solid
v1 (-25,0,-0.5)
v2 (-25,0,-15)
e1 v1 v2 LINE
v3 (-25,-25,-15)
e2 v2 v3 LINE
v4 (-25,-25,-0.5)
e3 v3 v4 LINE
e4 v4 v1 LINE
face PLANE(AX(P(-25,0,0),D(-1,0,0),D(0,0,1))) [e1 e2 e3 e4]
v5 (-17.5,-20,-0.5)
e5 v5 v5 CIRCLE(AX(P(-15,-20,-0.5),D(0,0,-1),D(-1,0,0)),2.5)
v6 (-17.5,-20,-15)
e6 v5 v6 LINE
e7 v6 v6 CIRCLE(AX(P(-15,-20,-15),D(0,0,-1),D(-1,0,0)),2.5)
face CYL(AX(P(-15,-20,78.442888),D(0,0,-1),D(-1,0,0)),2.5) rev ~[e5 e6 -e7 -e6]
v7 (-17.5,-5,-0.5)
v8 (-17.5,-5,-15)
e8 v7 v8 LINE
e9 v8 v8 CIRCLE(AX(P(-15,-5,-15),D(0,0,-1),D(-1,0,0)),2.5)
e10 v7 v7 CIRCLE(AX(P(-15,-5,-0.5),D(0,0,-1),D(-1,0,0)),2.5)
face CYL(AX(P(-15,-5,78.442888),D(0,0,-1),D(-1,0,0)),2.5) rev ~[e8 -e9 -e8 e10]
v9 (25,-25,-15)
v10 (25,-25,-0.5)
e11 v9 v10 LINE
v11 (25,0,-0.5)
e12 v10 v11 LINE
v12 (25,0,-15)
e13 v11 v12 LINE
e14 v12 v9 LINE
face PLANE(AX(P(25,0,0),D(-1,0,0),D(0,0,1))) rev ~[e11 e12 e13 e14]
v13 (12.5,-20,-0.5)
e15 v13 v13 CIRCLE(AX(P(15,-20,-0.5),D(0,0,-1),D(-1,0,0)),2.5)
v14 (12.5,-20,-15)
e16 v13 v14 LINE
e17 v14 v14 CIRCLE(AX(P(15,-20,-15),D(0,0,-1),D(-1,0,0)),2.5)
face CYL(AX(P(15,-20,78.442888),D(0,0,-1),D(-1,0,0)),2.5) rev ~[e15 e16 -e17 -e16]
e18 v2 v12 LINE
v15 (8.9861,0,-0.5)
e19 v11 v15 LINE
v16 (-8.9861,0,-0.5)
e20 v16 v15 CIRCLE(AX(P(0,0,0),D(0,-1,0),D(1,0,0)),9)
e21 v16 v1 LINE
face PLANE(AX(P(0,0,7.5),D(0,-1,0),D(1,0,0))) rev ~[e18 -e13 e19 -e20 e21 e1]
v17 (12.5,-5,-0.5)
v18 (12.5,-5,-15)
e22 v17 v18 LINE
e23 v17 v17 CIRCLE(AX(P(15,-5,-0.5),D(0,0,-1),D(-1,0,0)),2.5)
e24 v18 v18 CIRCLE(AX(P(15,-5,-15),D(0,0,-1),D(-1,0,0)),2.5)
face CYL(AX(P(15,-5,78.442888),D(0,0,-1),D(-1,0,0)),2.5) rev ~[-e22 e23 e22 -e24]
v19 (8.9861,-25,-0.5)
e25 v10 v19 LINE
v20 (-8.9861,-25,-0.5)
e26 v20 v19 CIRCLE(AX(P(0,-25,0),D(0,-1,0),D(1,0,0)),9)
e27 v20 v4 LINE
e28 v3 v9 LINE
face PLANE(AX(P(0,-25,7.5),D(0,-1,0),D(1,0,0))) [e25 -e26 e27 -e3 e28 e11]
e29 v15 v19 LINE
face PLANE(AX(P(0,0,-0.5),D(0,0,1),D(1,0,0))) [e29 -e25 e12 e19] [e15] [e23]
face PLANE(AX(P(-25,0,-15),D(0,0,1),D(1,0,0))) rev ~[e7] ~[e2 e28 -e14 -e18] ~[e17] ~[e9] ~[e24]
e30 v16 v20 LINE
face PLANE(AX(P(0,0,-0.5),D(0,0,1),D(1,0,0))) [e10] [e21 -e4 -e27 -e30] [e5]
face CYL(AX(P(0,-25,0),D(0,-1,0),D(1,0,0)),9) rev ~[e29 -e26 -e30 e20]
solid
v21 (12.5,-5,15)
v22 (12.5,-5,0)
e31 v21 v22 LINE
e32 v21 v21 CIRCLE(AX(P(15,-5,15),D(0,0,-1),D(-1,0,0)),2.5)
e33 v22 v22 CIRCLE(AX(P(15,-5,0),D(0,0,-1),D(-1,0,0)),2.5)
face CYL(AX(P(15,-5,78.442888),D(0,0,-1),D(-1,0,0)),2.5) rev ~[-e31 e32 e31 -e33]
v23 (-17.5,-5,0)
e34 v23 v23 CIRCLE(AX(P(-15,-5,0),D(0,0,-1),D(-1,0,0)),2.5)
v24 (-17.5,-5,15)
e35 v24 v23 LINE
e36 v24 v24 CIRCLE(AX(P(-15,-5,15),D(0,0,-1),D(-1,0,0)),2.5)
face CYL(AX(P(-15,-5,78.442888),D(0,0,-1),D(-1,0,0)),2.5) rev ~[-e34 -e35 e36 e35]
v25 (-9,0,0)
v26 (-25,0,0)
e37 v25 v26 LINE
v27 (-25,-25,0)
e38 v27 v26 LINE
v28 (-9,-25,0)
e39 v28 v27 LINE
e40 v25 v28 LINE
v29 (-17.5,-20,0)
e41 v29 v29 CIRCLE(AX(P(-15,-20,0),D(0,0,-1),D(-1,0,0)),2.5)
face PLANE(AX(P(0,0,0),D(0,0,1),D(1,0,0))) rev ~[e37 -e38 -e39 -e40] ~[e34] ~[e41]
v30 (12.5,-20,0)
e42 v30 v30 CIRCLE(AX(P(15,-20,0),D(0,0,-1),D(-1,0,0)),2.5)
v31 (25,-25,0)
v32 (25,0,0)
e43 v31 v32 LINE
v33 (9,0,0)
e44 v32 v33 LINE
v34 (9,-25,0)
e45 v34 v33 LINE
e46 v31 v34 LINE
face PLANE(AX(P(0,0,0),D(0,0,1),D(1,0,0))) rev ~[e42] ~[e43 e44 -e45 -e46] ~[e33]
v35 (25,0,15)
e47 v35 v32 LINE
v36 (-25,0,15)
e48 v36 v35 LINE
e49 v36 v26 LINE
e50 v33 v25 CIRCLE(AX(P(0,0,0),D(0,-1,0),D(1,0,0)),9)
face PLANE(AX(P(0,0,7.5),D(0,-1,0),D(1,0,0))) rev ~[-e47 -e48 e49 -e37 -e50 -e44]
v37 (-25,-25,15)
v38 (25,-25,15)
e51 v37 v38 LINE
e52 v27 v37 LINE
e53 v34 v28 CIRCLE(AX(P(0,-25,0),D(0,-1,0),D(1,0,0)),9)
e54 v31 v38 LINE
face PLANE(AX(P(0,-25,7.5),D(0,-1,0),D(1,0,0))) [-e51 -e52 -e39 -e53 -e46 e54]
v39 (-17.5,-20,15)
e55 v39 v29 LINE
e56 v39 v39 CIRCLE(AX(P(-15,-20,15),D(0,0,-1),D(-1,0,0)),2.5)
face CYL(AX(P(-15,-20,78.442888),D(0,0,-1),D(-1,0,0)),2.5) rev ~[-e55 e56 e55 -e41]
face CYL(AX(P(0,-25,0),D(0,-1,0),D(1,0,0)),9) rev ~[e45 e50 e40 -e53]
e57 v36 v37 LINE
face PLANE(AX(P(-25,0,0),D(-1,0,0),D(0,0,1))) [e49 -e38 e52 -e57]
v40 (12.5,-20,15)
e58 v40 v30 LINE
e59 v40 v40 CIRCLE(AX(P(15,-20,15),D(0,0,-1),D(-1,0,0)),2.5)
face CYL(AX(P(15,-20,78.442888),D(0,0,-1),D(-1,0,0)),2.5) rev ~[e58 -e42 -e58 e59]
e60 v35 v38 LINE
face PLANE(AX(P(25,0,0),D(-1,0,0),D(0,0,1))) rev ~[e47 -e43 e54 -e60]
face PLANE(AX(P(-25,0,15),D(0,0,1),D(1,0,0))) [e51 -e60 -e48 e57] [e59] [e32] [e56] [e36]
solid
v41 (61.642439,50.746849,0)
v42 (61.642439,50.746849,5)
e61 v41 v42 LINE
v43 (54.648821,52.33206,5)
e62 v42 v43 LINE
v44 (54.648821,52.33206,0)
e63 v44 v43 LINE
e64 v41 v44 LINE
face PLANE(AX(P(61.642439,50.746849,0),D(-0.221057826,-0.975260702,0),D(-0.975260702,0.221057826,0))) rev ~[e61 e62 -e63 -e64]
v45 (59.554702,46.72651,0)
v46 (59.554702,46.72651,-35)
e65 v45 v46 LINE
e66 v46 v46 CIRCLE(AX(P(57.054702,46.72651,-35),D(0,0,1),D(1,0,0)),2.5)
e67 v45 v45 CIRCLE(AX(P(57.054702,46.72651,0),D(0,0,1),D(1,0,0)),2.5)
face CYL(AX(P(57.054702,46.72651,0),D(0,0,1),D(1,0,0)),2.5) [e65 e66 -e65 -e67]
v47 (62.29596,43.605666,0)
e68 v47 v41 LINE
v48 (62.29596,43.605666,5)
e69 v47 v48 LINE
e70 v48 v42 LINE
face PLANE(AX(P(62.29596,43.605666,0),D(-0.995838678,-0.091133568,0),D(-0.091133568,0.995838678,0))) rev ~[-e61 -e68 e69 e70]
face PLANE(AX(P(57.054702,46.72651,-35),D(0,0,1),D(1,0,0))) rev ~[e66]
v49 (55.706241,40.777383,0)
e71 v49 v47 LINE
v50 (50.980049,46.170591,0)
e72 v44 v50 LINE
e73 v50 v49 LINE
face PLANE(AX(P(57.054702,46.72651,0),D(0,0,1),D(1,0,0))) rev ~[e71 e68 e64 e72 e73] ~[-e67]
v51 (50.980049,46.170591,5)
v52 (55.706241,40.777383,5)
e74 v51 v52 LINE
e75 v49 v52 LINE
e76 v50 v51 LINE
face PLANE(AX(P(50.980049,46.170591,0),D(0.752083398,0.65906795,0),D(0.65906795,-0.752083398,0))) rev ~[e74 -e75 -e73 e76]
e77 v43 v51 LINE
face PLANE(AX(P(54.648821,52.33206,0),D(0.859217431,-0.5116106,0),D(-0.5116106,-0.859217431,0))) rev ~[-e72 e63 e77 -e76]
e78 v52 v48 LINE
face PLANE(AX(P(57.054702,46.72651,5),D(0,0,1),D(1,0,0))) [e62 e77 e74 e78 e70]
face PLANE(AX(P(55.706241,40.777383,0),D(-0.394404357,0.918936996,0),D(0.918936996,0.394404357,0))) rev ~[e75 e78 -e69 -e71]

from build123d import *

# Parameters (mm, degrees)
F0_W      = 50
F0_H      = 15
F1_DEPTH  = 25
F2_W      = 50
F2_H      = 15
F3_DEPTH  = 25
F4_R      = 9
F5_DEPTH  = 25.001
F6_W      = 84.721566
F6_H      = 73.151662
F7_DEPTH  = 0.5
F9_D      = 5
F10_R     = 2.5
F11_DEPTH = 35
F12_R     = 2.5
F13_DEPTH = 5


with BuildPart() as f1:
    # F0 (on Front) → F1 (new body)
    with BuildSketch(Plane.XZ):
        with Locations((0, -7.5)):
            Rectangle(F0_W, F0_H)
    extrude(amount=F1_DEPTH)

    # F2 (on Front) → F3 (join)
    with BuildSketch(Plane.XZ):
        with Locations((0, 7.5)):
            Rectangle(F2_W, F2_H)
    extrude(amount=F3_DEPTH)

    # F4 (on face) → F5 (cut, through all)
    with BuildSketch(Plane.XZ.offset(25)):
        Circle(F4_R)
    extrude(amount=-F5_DEPTH, mode=Mode.SUBTRACT)

    # F6 (on Top) → F7 (cut)
    with BuildSketch(Plane.XY):
        Rectangle(F6_W, F6_H)
    extrude(amount=-F7_DEPTH, mode=Mode.SUBTRACT)

    # F9 (through all)
    with Locations(Plane.XY.offset(15)):
        with Locations((-15, -5), (-15, -20), (15, -5), (15, -20)):
            Hole(F9_D / 2)


with BuildPart() as f11:
    # F10 (on Top) → F11 (new body)
    with BuildSketch(Plane.XY):
        with Locations((57.054702, 46.72651)):
            Circle(F10_R)
    extrude(amount=-F11_DEPTH)

    # F12 (on face) → F13 (join)
    with BuildSketch(Plane.XY):
        Polygon((54.648821, 52.33206), (50.980049, 46.170591), (55.706241, 40.777383), (62.29596, 43.605666), (61.642439, 50.746849), align=None)
        with Locations((57.054702, 46.72651)):
            Circle(F12_R, mode=Mode.SUBTRACT)
        with Locations((57.054702, 46.72651)):
            Circle(F12_R)
    extrude(amount=F13_DEPTH)


solid = Compound([f1.part, f11.part])
